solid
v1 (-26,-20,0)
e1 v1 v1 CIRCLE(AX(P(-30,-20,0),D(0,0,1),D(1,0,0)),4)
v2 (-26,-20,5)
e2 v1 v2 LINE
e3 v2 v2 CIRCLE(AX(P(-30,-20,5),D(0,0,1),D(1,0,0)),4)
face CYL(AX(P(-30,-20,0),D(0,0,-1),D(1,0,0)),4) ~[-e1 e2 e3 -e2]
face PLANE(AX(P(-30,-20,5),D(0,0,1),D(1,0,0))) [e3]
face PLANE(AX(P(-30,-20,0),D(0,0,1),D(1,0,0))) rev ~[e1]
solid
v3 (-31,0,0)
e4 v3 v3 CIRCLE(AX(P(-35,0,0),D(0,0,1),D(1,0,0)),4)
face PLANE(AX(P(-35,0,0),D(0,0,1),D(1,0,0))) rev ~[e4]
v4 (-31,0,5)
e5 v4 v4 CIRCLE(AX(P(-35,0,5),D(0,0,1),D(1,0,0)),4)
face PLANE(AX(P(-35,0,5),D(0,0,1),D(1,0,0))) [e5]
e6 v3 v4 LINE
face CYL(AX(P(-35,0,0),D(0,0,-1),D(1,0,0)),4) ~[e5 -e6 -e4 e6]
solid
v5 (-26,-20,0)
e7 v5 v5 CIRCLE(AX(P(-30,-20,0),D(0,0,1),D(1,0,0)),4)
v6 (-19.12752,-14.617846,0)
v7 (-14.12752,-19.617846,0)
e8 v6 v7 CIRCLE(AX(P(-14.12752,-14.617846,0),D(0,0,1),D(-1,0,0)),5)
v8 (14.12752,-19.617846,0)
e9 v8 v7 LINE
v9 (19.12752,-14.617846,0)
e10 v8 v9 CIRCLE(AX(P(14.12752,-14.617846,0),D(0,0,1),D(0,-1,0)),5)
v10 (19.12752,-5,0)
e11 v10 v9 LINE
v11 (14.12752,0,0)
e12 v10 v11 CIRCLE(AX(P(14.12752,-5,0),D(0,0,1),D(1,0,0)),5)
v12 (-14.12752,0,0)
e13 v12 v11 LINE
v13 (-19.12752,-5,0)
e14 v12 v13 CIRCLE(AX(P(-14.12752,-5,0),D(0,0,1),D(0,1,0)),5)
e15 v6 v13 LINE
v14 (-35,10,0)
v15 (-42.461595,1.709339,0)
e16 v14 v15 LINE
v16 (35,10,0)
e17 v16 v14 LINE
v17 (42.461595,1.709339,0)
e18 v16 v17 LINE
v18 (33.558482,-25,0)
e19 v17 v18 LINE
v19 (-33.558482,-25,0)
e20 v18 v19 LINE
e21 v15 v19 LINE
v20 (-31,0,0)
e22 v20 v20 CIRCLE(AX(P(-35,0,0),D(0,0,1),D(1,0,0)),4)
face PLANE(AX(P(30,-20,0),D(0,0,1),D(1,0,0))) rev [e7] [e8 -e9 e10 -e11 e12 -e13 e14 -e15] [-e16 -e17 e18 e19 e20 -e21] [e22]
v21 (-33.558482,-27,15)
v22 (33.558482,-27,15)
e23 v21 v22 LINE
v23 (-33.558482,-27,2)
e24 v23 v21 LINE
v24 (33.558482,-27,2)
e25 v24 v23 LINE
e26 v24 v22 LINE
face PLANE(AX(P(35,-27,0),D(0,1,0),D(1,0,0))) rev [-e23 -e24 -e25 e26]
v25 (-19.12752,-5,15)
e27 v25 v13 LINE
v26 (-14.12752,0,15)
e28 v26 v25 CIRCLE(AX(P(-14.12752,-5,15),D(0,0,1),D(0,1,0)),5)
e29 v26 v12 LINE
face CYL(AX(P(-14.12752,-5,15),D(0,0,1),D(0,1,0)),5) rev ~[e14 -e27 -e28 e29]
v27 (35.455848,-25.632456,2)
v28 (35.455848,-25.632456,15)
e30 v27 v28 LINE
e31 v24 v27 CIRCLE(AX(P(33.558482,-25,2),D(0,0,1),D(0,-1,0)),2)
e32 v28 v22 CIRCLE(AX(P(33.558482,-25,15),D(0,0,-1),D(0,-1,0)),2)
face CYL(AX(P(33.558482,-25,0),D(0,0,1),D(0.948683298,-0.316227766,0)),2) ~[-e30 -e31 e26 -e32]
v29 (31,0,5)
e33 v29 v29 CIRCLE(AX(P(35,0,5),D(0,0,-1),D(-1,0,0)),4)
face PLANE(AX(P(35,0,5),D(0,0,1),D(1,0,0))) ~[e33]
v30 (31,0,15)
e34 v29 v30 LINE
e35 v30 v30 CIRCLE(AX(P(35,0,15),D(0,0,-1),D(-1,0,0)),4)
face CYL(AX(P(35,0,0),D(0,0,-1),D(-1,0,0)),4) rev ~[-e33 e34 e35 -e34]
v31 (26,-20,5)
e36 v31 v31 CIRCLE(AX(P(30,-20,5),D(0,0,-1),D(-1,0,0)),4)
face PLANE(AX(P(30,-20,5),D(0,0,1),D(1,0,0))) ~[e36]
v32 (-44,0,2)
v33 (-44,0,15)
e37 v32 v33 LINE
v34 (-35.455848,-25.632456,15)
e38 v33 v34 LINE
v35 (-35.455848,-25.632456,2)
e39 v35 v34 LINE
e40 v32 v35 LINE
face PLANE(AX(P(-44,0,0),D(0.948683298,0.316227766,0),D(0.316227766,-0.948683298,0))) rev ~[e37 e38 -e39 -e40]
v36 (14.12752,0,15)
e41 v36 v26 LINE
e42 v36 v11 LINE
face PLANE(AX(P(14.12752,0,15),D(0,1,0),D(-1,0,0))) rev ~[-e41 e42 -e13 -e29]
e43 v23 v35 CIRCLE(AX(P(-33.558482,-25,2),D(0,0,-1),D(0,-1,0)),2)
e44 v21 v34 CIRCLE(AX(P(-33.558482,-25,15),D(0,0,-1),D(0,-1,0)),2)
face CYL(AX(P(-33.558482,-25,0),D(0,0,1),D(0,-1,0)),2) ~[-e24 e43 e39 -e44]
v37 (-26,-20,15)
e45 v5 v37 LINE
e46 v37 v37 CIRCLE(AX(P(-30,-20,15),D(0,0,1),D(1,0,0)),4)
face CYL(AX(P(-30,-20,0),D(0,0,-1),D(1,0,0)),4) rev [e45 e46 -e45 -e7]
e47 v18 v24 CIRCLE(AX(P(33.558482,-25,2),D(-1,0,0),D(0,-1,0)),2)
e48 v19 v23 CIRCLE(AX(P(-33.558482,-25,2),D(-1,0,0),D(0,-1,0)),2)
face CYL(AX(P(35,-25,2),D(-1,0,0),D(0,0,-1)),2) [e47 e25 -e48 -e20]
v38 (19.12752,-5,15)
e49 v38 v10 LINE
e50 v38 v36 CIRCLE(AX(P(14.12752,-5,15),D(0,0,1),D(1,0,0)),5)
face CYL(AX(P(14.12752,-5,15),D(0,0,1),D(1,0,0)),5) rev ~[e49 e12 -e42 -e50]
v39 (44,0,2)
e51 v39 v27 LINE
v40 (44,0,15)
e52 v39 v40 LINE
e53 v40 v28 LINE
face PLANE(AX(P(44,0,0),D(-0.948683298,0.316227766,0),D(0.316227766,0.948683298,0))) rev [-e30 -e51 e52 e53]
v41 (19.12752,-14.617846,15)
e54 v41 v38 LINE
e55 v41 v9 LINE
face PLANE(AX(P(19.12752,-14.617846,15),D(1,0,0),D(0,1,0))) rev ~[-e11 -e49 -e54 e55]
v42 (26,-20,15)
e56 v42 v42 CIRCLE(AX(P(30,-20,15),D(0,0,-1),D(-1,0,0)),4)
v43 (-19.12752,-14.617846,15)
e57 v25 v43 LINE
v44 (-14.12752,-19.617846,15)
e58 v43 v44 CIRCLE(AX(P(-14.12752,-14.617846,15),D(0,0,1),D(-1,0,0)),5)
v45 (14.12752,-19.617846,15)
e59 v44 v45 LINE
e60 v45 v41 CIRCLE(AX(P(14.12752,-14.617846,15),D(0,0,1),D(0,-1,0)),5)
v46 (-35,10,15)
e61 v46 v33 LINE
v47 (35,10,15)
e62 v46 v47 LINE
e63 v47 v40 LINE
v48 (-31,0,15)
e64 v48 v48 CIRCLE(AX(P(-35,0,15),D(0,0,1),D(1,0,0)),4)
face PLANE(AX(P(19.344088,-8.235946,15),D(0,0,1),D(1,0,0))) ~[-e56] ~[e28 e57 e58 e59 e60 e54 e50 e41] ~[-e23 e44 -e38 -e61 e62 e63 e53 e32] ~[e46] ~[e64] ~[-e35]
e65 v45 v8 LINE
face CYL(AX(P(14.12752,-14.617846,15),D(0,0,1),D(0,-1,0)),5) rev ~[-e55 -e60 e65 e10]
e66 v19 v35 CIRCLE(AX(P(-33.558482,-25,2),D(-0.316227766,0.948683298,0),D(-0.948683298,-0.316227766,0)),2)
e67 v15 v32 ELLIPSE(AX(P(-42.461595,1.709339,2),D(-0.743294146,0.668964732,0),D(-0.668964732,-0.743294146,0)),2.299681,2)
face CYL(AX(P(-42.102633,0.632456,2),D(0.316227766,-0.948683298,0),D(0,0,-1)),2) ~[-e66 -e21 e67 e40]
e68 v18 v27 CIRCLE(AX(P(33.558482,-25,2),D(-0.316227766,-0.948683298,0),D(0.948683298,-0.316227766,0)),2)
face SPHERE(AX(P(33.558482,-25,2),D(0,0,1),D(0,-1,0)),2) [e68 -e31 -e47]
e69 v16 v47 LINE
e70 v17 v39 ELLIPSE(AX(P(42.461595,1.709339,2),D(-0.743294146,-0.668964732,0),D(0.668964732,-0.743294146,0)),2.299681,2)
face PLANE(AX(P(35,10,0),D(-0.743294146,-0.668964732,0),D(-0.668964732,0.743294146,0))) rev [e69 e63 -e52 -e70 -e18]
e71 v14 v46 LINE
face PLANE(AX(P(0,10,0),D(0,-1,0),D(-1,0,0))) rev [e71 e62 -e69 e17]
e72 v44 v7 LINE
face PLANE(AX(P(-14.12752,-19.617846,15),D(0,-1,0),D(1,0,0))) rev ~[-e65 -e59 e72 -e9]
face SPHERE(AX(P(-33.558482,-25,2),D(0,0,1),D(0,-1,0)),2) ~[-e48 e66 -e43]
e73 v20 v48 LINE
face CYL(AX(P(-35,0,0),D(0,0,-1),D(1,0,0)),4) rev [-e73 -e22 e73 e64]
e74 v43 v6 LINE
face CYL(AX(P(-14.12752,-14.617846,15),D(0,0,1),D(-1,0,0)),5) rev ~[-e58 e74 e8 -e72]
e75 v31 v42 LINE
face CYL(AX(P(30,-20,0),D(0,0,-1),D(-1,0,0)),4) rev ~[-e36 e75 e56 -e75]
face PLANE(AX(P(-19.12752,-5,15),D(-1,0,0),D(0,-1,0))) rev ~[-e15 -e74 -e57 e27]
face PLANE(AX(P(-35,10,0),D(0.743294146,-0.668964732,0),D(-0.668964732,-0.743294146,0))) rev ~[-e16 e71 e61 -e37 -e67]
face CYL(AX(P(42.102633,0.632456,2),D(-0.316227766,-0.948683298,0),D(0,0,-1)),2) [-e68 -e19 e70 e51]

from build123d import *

# Parameters (mm, degrees)
F0_R     = 4
F1_DEPTH = 5
F2_DEPTH = 15
F4_R     = 2
F6_DEPTH = 25


with BuildPart() as f1:
    # F0 (on Top) → F1 (new body)
    with BuildSketch(Plane.XY):
        with Locations((-35, 0)):
            Circle(F0_R)
    extrude(amount=F1_DEPTH)


with BuildPart() as f1b:
    # F0 (on Top) → F1, piece 2 (new body)
    with BuildSketch(Plane.XY):
        with Locations((-30, -20)):
            Circle(F0_R)
    extrude(amount=F1_DEPTH)


with BuildPart() as f2:
    # F0 (on Top) → F2 (new body)
    with BuildSketch(Plane.XY):
        Polygon((0, 10), (-35, 10), (-44, 0), (-35, -27), (-22, -27), (0, -27), (0, 0), align=None)
        with Locations((-30, -20)):
            Circle(F0_R, mode=Mode.SUBTRACT)
        with Locations((-35, 0)):
            Circle(F0_R, mode=Mode.SUBTRACT)
    extrude(amount=F2_DEPTH)

    # F3: F2, F1, F1b across plane


with BuildPart() as f2_1:
    add(f2.part)
    add(f2.part.mirror(Plane.YZ))
    add(f1.part.mirror(Plane.YZ))
    add(f1b.part.mirror(Plane.YZ))

    # F4
    f4_edges = [f2_1.edges().sort_by_distance(p)[0] for p in [
        (0, -27, 0),
        (-39.5, -13.5, 0),
        (39.5, -13.5, 0),
        (-35, -27, 7.5),
        (35, -27, 7.5),
    ]]
    fillet(f4_edges, radius=F4_R)

    # F5 (on face) → F6 (cut)
    with BuildSketch(Plane.XY.offset(15)):
        with BuildLine():
            Line((14.1275198013, 0), (-14.1275198013, 0))
            ThreePointArc((-14.1275198013, 0), (-17.6630537072, -1.4644660941), (-19.1275198013, -5))
            Line((-19.1275198013, -5), (-19.1275198013, -14.6178462356))
            ThreePointArc((-19.1275198013, -14.6178462356), (-17.6630537072, -18.1533801416), (-14.1275198013, -19.6178462356))
            Line((-14.1275198013, -19.6178462356), (14.1275198013, -19.6178462356))
            ThreePointArc((14.1275198013, -19.6178462356), (17.6630537072, -18.1533801416), (19.1275198013, -14.6178462356))
            Line((19.1275198013, -14.6178462356), (19.1275198013, -5))
            ThreePointArc((19.1275198013, -5), (17.6630537072, -1.4644660941), (14.1275198013, 0))
        make_face()
    extrude(amount=-F6_DEPTH, mode=Mode.SUBTRACT)


solid = Compound([f1.part, f1b.part, f2_1.part])
